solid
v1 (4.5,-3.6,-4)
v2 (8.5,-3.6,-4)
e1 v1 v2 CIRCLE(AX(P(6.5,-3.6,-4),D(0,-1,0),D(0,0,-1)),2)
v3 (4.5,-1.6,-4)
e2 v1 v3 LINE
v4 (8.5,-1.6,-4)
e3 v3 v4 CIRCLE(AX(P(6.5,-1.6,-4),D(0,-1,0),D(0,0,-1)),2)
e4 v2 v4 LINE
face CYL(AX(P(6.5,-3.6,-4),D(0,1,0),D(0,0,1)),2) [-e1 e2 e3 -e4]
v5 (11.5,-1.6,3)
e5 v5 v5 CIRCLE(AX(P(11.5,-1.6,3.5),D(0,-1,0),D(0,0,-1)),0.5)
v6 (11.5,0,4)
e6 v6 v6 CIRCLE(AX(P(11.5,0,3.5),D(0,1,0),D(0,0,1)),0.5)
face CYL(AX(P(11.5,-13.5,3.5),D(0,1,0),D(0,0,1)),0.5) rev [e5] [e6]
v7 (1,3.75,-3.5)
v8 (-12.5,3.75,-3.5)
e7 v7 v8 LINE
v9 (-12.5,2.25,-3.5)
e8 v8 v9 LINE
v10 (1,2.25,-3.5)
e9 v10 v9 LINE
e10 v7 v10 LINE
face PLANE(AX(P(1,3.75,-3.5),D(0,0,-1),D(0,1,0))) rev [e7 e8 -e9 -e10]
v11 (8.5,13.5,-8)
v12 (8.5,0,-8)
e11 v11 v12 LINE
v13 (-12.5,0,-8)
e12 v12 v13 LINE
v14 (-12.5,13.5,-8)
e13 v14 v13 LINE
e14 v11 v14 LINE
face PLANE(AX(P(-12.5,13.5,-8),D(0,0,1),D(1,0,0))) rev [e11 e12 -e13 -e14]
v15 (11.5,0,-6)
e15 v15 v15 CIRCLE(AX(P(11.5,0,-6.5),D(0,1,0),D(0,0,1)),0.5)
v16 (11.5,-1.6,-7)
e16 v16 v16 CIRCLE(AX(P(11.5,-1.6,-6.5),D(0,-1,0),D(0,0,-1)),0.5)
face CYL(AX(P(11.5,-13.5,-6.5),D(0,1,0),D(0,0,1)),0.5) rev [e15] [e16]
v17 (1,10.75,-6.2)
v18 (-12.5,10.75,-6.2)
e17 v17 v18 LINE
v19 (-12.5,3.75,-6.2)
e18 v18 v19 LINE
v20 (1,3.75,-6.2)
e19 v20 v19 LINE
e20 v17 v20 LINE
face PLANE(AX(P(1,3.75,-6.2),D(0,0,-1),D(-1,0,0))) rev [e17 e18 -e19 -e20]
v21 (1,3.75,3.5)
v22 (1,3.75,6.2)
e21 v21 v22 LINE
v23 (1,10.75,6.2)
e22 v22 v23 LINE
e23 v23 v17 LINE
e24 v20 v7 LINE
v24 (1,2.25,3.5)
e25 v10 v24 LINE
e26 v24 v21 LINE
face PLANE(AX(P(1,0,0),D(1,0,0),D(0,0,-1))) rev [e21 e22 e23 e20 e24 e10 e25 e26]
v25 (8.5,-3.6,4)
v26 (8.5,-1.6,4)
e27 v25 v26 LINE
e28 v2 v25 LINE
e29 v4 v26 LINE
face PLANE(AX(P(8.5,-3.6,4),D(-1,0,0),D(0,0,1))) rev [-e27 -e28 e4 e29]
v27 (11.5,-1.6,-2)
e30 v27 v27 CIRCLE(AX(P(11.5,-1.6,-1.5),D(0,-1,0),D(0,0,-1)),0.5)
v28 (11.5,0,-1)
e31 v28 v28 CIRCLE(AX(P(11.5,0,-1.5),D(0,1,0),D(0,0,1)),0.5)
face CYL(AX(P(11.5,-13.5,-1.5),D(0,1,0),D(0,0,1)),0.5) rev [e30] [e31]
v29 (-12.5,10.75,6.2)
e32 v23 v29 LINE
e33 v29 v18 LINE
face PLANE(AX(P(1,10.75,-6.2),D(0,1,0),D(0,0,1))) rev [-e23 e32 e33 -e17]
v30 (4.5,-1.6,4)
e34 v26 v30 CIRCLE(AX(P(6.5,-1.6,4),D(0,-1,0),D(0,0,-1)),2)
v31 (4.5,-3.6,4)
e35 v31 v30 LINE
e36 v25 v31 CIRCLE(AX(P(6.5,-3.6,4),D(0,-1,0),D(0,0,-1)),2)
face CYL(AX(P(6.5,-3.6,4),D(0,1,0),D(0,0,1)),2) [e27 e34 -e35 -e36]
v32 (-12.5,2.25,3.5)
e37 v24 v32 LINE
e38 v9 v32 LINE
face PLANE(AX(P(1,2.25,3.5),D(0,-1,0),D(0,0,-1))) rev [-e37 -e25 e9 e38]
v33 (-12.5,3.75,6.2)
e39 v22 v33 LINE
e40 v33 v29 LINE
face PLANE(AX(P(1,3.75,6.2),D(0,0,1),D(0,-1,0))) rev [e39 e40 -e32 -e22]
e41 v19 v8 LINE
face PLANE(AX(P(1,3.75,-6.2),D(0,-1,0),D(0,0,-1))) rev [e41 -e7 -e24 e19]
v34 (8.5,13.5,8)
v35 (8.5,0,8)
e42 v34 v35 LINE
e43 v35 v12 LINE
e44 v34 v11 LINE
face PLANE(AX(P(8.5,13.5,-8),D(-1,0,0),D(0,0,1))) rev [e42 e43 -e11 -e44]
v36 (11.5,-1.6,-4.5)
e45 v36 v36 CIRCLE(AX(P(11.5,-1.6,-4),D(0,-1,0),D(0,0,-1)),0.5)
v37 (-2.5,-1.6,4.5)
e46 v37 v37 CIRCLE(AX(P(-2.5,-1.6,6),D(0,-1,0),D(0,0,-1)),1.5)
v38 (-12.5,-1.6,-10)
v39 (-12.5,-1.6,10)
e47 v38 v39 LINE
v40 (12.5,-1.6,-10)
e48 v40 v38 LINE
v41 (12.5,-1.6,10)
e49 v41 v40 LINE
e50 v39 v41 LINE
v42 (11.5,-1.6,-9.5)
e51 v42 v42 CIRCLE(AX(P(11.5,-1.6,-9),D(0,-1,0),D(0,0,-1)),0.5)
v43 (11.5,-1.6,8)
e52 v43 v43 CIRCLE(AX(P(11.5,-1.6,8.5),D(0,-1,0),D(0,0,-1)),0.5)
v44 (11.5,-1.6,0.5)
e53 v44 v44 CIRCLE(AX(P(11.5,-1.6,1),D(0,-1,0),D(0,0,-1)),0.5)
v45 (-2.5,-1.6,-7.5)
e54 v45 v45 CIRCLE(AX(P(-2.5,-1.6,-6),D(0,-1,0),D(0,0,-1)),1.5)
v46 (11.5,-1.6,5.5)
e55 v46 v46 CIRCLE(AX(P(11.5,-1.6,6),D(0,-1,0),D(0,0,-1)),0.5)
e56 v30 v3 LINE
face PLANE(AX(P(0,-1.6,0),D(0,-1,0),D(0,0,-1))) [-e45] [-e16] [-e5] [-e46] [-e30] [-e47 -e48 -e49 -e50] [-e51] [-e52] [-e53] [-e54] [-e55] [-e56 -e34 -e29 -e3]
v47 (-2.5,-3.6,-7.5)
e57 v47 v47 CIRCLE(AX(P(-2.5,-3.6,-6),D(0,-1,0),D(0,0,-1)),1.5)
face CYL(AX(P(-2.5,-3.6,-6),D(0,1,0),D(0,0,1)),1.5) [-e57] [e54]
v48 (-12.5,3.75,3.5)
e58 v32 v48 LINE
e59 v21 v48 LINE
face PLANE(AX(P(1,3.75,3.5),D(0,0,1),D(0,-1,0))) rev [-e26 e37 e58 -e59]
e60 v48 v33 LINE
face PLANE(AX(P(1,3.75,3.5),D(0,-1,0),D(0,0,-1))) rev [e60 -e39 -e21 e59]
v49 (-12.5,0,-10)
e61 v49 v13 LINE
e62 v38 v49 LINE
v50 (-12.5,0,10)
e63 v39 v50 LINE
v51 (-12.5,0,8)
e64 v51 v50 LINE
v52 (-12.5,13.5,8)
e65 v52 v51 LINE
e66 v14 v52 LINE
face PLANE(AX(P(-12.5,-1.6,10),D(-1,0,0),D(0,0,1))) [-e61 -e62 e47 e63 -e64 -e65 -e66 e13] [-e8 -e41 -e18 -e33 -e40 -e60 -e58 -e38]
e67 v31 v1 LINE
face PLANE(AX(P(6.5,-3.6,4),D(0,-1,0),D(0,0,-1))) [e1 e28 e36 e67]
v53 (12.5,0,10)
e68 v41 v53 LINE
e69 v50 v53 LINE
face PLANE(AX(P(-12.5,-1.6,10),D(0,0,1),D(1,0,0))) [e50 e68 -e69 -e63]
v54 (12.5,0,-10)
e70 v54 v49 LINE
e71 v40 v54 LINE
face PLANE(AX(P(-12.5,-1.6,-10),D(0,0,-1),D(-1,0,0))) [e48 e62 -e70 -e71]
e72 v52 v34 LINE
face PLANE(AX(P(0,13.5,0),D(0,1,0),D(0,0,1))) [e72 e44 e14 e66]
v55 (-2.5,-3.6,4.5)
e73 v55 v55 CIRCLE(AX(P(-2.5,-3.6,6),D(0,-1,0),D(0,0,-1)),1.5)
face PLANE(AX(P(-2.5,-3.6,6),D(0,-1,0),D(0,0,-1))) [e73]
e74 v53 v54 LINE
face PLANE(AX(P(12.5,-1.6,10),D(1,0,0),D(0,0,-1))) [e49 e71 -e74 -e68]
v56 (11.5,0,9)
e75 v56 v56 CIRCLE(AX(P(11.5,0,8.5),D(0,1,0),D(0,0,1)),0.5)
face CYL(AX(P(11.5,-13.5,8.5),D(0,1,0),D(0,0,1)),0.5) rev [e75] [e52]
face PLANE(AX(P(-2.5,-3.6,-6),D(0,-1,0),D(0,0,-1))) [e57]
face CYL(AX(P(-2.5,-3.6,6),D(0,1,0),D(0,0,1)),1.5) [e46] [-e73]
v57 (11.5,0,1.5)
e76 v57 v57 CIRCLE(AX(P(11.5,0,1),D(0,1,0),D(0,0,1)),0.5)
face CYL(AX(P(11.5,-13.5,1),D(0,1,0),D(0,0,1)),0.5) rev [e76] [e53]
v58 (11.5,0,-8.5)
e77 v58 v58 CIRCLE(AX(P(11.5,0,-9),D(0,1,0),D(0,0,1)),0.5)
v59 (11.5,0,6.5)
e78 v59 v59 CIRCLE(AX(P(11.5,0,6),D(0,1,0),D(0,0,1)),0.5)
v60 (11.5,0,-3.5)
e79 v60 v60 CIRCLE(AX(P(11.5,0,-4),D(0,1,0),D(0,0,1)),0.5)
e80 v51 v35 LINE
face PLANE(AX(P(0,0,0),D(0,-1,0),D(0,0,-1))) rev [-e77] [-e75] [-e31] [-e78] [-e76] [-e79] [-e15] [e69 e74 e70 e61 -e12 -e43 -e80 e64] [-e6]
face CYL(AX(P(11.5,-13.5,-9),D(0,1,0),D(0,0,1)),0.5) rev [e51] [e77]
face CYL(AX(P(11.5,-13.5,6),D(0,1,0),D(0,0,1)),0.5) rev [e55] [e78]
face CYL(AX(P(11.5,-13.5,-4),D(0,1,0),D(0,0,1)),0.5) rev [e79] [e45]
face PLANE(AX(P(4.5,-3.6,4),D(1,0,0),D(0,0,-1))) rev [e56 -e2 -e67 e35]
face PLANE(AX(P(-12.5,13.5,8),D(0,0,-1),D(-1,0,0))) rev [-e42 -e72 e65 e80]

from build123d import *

# Parameters (mm, degrees)
SKETCH1_W           = 25
SKETCH1_H           = 20
BOSS_EXTRUDE1_DEPTH = 1.6
SKETCH2_W           = 21
SKETCH2_H           = 16
BOSS_EXTRUDE2_DEPTH = 13.5
CUT_EXTRUDE1_DEPTH  = 13.5
SKETCH4_R           = 0.5
CUT_EXTRUDE2_DEPTH  = 13.5
BOSS_EXTRUDE3_DEPTH = 2
SKETCH6_R           = 1.5
BOSS_EXTRUDE4_DEPTH = 2


with BuildPart() as part:
    # Sketch1 → Boss-Extrude1 (new body)
    with BuildSketch(Plane(origin=(0, 0, 0), x_dir=(1, 0, 0), z_dir=(0, 1, 0))):
        Rectangle(SKETCH1_W, SKETCH1_H)
    extrude(amount=-BOSS_EXTRUDE1_DEPTH)

    # Sketch2 → Boss-Extrude2 (add)
    with BuildSketch(Plane(origin=(0, 0, 0), x_dir=(1, 0, 0), z_dir=(0, 1, 0))):
        with Locations((-2, 0)):
            Rectangle(SKETCH2_W, SKETCH2_H)
    extrude(amount=BOSS_EXTRUDE2_DEPTH)

    # Sketch3 → Cut-Extrude1 (cut)
    with BuildSketch(Plane.ZY.offset(12.5)):
        Polygon((-6.2, 3.75), (-3.5, 3.75), (-3.5, 2.25), (3.5, 2.25), (3.5, 3.75), (6.2, 3.75), (6.2, 10.75), (-6.2, 10.75), align=None)
    extrude(amount=-CUT_EXTRUDE1_DEPTH, mode=Mode.SUBTRACT)

    # Sketch4 → Cut-Extrude2 (cut)
    with BuildSketch(Plane(origin=(0, 0, 0), x_dir=(1, 0, 0), z_dir=(0, 1, 0))):
        with Locations(Location((11.5, 9, 0), (0, 0, 270))):
            Circle(SKETCH4_R)
        with Locations(Location((11.5, 6.5, 0), (0, 0, 270))):
            Circle(SKETCH4_R)
        with Locations(Location((11.5, 4, 0), (0, 0, 270))):
            Circle(SKETCH4_R)
        with Locations(Location((11.5, 1.5, 0), (0, 0, 270))):
            Circle(SKETCH4_R)
        with Locations(Location((11.5, -1, 0), (0, 0, 270))):
            Circle(SKETCH4_R)
        with Locations(Location((11.5, -3.5, 0), (0, 0, 270))):
            Circle(SKETCH4_R)
        with Locations(Location((11.5, -6, 0), (0, 0, 270))):
            Circle(SKETCH4_R)
        with Locations(Location((11.5, -8.5, 0), (0, 0, 270))):
            Circle(SKETCH4_R)
    extrude(amount=-CUT_EXTRUDE2_DEPTH, mode=Mode.SUBTRACT)

    # Sketch5 → Boss-Extrude3 (add)
    with BuildSketch(Plane(origin=(0, -1.6, 0), x_dir=(-1, 0, 0), z_dir=(0, -1, 0))):
        with BuildLine():
            Line((-8.5, -4), (-8.5, 4))
            ThreePointArc((-8.5, 4), (-6.5, 6), (-4.5, 4))
            Line((-4.5, 4), (-4.5, -4))
            ThreePointArc((-4.5, -4), (-6.5, -6), (-8.5, -4))
        make_face()
    extrude(amount=BOSS_EXTRUDE3_DEPTH)

    # Sketch6 → Boss-Extrude4 (add)
    with BuildSketch(Plane.XZ.offset(1.6)):
        with Locations(Location((-2.5, 6, 0), (0, 0, 270))):
            Circle(SKETCH6_R)
        with Locations(Location((-2.5, -6, 0), (0, 0, 270))):
            Circle(SKETCH6_R)
    extrude(amount=BOSS_EXTRUDE4_DEPTH)


solid = part.part
